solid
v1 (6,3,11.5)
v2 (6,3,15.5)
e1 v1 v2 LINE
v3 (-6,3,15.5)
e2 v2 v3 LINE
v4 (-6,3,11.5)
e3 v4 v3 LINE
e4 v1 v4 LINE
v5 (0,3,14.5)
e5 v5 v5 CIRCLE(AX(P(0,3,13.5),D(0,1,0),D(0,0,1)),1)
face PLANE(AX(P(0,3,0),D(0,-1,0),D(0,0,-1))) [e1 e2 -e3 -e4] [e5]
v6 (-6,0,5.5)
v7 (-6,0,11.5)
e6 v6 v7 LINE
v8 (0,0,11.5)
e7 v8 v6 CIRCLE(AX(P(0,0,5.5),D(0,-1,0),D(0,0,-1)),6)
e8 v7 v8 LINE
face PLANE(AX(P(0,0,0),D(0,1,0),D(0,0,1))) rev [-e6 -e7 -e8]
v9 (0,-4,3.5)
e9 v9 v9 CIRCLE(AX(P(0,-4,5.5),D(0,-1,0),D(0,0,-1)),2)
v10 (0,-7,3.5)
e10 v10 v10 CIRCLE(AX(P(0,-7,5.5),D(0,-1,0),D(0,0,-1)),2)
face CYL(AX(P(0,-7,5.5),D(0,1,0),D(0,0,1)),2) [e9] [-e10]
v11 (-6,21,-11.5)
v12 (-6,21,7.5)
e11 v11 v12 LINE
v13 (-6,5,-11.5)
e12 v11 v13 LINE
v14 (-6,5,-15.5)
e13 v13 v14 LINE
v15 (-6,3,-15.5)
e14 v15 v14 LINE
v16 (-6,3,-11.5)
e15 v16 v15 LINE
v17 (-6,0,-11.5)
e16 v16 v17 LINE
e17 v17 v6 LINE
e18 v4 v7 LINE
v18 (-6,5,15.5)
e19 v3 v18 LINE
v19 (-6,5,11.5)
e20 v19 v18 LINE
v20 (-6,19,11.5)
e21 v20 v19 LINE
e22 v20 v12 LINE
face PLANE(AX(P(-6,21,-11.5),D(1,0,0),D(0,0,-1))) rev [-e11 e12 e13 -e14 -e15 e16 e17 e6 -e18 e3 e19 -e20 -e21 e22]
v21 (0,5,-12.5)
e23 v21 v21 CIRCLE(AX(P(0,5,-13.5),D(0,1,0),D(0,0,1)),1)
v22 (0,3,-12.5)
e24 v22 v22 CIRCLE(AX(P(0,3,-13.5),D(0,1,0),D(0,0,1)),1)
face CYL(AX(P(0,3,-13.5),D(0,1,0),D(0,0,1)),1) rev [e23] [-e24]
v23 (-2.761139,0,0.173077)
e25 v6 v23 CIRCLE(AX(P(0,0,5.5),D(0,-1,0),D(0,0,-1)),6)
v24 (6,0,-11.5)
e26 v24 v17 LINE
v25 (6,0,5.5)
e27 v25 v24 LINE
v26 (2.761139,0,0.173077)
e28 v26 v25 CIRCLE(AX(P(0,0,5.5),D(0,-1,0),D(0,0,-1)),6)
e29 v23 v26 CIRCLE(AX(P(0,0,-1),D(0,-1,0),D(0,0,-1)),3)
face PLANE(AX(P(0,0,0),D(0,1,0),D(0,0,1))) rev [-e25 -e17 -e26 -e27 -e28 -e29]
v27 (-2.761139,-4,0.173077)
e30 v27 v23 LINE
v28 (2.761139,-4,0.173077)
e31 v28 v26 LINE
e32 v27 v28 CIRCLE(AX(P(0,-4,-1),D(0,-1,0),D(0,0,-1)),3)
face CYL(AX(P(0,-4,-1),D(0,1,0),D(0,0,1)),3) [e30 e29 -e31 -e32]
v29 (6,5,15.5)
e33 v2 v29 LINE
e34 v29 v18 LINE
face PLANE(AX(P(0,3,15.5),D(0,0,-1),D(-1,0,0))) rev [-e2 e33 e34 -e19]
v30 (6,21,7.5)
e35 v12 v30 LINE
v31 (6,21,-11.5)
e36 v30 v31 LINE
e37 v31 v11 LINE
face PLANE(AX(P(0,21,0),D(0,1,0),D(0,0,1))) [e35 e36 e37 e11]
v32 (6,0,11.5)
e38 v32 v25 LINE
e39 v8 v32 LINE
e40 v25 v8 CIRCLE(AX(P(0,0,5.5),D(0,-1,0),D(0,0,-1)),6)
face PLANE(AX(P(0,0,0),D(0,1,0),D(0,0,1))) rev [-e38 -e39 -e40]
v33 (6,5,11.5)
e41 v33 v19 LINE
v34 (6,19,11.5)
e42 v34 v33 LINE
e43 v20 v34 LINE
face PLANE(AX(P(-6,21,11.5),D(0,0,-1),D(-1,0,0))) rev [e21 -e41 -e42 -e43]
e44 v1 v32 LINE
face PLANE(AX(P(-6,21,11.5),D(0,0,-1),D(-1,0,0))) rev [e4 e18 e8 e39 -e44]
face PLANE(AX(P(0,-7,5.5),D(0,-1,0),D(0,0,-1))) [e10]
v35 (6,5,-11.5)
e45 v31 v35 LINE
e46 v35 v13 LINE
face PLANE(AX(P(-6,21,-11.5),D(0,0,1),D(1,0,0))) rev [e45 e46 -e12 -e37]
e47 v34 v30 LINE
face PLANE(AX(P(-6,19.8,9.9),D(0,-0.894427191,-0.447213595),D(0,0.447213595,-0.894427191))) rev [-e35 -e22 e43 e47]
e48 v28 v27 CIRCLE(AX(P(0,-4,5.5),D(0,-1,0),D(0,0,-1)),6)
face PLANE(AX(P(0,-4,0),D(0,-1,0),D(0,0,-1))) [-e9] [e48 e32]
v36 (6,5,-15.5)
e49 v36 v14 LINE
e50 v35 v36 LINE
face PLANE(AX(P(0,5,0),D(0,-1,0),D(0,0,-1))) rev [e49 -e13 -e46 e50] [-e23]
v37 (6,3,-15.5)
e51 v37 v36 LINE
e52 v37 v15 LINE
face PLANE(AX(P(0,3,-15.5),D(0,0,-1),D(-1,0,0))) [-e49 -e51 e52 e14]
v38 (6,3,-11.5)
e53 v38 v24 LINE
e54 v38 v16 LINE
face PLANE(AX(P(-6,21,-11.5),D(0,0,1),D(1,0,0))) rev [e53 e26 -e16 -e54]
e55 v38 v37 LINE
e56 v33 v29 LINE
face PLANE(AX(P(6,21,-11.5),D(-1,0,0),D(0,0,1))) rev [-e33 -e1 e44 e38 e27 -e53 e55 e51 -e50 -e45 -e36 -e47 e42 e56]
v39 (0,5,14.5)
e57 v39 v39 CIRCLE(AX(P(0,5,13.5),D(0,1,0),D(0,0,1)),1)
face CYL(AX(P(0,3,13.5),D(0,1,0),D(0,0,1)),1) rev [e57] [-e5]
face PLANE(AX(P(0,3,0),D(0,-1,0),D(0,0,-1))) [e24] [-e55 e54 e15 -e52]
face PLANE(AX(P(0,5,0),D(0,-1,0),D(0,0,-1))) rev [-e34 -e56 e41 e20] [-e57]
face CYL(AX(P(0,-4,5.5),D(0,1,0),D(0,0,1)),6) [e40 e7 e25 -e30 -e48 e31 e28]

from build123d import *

# Parameters (mm, degrees)
SKETCH_1_W          = 12
SKETCH_1_H          = 23
EXTRUDE_1_DEPTH     = 21
SKETCH_2_W          = 12
SKETCH_2_H          = 4
EXTRUDE_2_DEPTH     = 2
SKETCH_3_R          = 1
CUT_EXTRUDE_2_DEPTH = 2
SKETCH_4_R          = 1
CUT_EXTRUDE_3_DEPTH = 2
EXTRUDE_3_DEPTH     = 4
SKETCH_6_R          = 2
EXTRUDE_4_DEPTH     = 3
CUT_EXTRUDE_4_DEPTH = 29.727164844


with BuildPart() as part:
    # 草图1 → 凸台-拉伸1 (new body)
    with BuildSketch(Plane(origin=(0, 0, 0), x_dir=(1, 0, 0), z_dir=(0, 1, 0))):
        Rectangle(SKETCH_1_W, SKETCH_1_H)
    extrude(amount=EXTRUDE_1_DEPTH)

    # 草图2 → 凸台-拉伸2 (add)
    with BuildSketch(Plane(origin=(0, 5, 0), x_dir=(-1, 0, 0), z_dir=(0, -1, 0))):
        with Locations((0, -13.5)):
            Rectangle(SKETCH_2_W, SKETCH_2_H)
        with Locations((0, 13.5)):
            Rectangle(SKETCH_2_W, SKETCH_2_H)
    extrude(amount=EXTRUDE_2_DEPTH)

    # 草图3 → 切除-拉伸2 (cut)
    with BuildSketch(Plane(origin=(0, 5, 0), x_dir=(1, 0, 0), z_dir=(0, 1, 0))):
        with Locations(Location((0, -13.5, 0), (0, 0, 270))):
            Circle(SKETCH_3_R)
    extrude(amount=-CUT_EXTRUDE_2_DEPTH, mode=Mode.SUBTRACT)

    # 草图4 → 切除-拉伸3 (cut)
    with BuildSketch(Plane(origin=(0, 5, 0), x_dir=(1, 0, 0), z_dir=(0, 1, 0))):
        with Locations(Location((0, 13.5, 0), (0, 0, 270))):
            Circle(SKETCH_4_R)
    extrude(amount=-CUT_EXTRUDE_3_DEPTH, mode=Mode.SUBTRACT)

    # 草图5 → 凸台-拉伸3 (add)
    with BuildSketch(Plane.XZ):
        with BuildLine():
            ThreePointArc((6, 5.5), (4.242640687, 9.742640687), (0, 11.5))
            Line((0, 11.5), (0, 2))
            ThreePointArc((0, 2), (1.655410709, 1.501922338), (2.761139354, 0.173076923))
            ThreePointArc((2.761139354, 0.173076923), (5.126735615, 2.382856767), (6, 5.5))
        make_face()
        with BuildLine():
            Line((0, 2), (0, 11.5))
            ThreePointArc((0, 11.5), (-4.242640687, 9.742640687), (-6, 5.5))
            ThreePointArc((-6, 5.5), (-5.126735615, 2.382856767), (-2.761139354, 0.173076923))
            ThreePointArc((-2.761139354, 0.173076923), (-1.655410709, 1.501922338), (0, 2))
        make_face()
        with BuildLine():
            ThreePointArc((2.761139354, 0.173076923), (1.655410709, 1.501922338), (0, 2))
            Line((0, 2), (0, -0.5))
            ThreePointArc((0, -0.5), (1.4209964, -0.329302637), (2.761139354, 0.173076923))
        make_face()
        with BuildLine():
            Line((0, -0.5), (0, 2))
            ThreePointArc((0, 2), (-1.655410709, 1.501922338), (-2.761139354, 0.173076923))
            ThreePointArc((-2.761139354, 0.173076923), (-1.4209964, -0.329302637), (0, -0.5))
        make_face()
        with BuildLine():
            ThreePointArc((2.761139354, 0.173076923), (1.4209964, -0.329302637), (0, -0.5))
            Line((0, -0.5), (0, -4))
            ThreePointArc((0, -4), (2.121320344, -3.121320344), (3, -1))
            ThreePointArc((3, -1), (2.939678389, -0.401425887), (2.761139354, 0.173076923))
        make_face()
        with BuildLine():
            Line((0, -4), (0, -0.5))
            ThreePointArc((0, -0.5), (-1.4209964, -0.329302637), (-2.761139354, 0.173076923))
            ThreePointArc((-2.761139354, 0.173076923), (-2.501922338, -2.655410709), (0, -4))
        make_face()
        with BuildLine():
            ThreePointArc((6, 5.5), (4.242640687, 9.742640687), (0, 11.5))
            Line((0, 11.5), (0, 2))
            ThreePointArc((0, 2), (1.655410709, 1.501922338), (2.761139354, 0.173076923))
            ThreePointArc((2.761139354, 0.173076923), (5.126735615, 2.382856767), (6, 5.5))
        make_face()
        with BuildLine():
            Line((0, 2), (0, 11.5))
            ThreePointArc((0, 11.5), (-4.242640687, 9.742640687), (-6, 5.5))
            ThreePointArc((-6, 5.5), (-5.126735615, 2.382856767), (-2.761139354, 0.173076923))
            ThreePointArc((-2.761139354, 0.173076923), (-1.655410709, 1.501922338), (0, 2))
        make_face()
        with BuildLine():
            ThreePointArc((2.761139354, 0.173076923), (1.655410709, 1.501922338), (0, 2))
            Line((0, 2), (0, -0.5))
            ThreePointArc((0, -0.5), (1.4209964, -0.329302637), (2.761139354, 0.173076923))
        make_face()
        with BuildLine():
            Line((0, -0.5), (0, 2))
            ThreePointArc((0, 2), (-1.655410709, 1.501922338), (-2.761139354, 0.173076923))
            ThreePointArc((-2.761139354, 0.173076923), (-1.4209964, -0.329302637), (0, -0.5))
        make_face()
        with BuildLine():
            ThreePointArc((2.761139354, 0.173076923), (1.4209964, -0.329302637), (0, -0.5))
            Line((0, -0.5), (0, -4))
            ThreePointArc((0, -4), (2.121320344, -3.121320344), (3, -1))
            ThreePointArc((3, -1), (2.939678389, -0.401425887), (2.761139354, 0.173076923))
        make_face()
        with BuildLine():
            Line((0, -4), (0, -0.5))
            ThreePointArc((0, -0.5), (-1.4209964, -0.329302637), (-2.761139354, 0.173076923))
            ThreePointArc((-2.761139354, 0.173076923), (-2.501922338, -2.655410709), (0, -4))
        make_face()
        with BuildLine():
            ThreePointArc((6, 5.5), (4.242640687, 9.742640687), (0, 11.5))
            Line((0, 11.5), (0, 2))
            ThreePointArc((0, 2), (1.655410709, 1.501922338), (2.761139354, 0.173076923))
            ThreePointArc((2.761139354, 0.173076923), (5.126735615, 2.382856767), (6, 5.5))
        make_face()
        with BuildLine():
            Line((0, 2), (0, 11.5))
            ThreePointArc((0, 11.5), (-4.242640687, 9.742640687), (-6, 5.5))
            ThreePointArc((-6, 5.5), (-5.126735615, 2.382856767), (-2.761139354, 0.173076923))
            ThreePointArc((-2.761139354, 0.173076923), (-1.655410709, 1.501922338), (0, 2))
        make_face()
        with BuildLine():
            ThreePointArc((2.761139354, 0.173076923), (1.655410709, 1.501922338), (0, 2))
            Line((0, 2), (0, -0.5))
            ThreePointArc((0, -0.5), (1.4209964, -0.329302637), (2.761139354, 0.173076923))
        make_face()
        with BuildLine():
            Line((0, -0.5), (0, 2))
            ThreePointArc((0, 2), (-1.655410709, 1.501922338), (-2.761139354, 0.173076923))
            ThreePointArc((-2.761139354, 0.173076923), (-1.4209964, -0.329302637), (0, -0.5))
        make_face()
        with BuildLine():
            ThreePointArc((2.761139354, 0.173076923), (1.4209964, -0.329302637), (0, -0.5))
            Line((0, -0.5), (0, -4))
            ThreePointArc((0, -4), (2.121320344, -3.121320344), (3, -1))
            ThreePointArc((3, -1), (2.939678389, -0.401425887), (2.761139354, 0.173076923))
        make_face()
        with BuildLine():
            Line((0, -4), (0, -0.5))
            ThreePointArc((0, -0.5), (-1.4209964, -0.329302637), (-2.761139354, 0.173076923))
            ThreePointArc((-2.761139354, 0.173076923), (-2.501922338, -2.655410709), (0, -4))
        make_face()
    extrude(amount=EXTRUDE_3_DEPTH)

    # 草图6 → 凸台-拉伸4 (add)
    with BuildSketch(Plane.XZ.offset(4)):
        with Locations(Location((0, 5.5, 0), (0, 0, 270))):
            Circle(SKETCH_6_R)
    extrude(amount=EXTRUDE_4_DEPTH)

    # 草图7 → 切除-拉伸4 (cut, through all)
    with BuildSketch(Plane(origin=(6, 0, 0), x_dir=(0, 0, -1), z_dir=(1, 0, 0))):
        Polygon((-11.5, 21), (-11.5, 19), (-7.5, 21), align=None)
    extrude(amount=-CUT_EXTRUDE_4_DEPTH, mode=Mode.SUBTRACT)


solid = part.part
